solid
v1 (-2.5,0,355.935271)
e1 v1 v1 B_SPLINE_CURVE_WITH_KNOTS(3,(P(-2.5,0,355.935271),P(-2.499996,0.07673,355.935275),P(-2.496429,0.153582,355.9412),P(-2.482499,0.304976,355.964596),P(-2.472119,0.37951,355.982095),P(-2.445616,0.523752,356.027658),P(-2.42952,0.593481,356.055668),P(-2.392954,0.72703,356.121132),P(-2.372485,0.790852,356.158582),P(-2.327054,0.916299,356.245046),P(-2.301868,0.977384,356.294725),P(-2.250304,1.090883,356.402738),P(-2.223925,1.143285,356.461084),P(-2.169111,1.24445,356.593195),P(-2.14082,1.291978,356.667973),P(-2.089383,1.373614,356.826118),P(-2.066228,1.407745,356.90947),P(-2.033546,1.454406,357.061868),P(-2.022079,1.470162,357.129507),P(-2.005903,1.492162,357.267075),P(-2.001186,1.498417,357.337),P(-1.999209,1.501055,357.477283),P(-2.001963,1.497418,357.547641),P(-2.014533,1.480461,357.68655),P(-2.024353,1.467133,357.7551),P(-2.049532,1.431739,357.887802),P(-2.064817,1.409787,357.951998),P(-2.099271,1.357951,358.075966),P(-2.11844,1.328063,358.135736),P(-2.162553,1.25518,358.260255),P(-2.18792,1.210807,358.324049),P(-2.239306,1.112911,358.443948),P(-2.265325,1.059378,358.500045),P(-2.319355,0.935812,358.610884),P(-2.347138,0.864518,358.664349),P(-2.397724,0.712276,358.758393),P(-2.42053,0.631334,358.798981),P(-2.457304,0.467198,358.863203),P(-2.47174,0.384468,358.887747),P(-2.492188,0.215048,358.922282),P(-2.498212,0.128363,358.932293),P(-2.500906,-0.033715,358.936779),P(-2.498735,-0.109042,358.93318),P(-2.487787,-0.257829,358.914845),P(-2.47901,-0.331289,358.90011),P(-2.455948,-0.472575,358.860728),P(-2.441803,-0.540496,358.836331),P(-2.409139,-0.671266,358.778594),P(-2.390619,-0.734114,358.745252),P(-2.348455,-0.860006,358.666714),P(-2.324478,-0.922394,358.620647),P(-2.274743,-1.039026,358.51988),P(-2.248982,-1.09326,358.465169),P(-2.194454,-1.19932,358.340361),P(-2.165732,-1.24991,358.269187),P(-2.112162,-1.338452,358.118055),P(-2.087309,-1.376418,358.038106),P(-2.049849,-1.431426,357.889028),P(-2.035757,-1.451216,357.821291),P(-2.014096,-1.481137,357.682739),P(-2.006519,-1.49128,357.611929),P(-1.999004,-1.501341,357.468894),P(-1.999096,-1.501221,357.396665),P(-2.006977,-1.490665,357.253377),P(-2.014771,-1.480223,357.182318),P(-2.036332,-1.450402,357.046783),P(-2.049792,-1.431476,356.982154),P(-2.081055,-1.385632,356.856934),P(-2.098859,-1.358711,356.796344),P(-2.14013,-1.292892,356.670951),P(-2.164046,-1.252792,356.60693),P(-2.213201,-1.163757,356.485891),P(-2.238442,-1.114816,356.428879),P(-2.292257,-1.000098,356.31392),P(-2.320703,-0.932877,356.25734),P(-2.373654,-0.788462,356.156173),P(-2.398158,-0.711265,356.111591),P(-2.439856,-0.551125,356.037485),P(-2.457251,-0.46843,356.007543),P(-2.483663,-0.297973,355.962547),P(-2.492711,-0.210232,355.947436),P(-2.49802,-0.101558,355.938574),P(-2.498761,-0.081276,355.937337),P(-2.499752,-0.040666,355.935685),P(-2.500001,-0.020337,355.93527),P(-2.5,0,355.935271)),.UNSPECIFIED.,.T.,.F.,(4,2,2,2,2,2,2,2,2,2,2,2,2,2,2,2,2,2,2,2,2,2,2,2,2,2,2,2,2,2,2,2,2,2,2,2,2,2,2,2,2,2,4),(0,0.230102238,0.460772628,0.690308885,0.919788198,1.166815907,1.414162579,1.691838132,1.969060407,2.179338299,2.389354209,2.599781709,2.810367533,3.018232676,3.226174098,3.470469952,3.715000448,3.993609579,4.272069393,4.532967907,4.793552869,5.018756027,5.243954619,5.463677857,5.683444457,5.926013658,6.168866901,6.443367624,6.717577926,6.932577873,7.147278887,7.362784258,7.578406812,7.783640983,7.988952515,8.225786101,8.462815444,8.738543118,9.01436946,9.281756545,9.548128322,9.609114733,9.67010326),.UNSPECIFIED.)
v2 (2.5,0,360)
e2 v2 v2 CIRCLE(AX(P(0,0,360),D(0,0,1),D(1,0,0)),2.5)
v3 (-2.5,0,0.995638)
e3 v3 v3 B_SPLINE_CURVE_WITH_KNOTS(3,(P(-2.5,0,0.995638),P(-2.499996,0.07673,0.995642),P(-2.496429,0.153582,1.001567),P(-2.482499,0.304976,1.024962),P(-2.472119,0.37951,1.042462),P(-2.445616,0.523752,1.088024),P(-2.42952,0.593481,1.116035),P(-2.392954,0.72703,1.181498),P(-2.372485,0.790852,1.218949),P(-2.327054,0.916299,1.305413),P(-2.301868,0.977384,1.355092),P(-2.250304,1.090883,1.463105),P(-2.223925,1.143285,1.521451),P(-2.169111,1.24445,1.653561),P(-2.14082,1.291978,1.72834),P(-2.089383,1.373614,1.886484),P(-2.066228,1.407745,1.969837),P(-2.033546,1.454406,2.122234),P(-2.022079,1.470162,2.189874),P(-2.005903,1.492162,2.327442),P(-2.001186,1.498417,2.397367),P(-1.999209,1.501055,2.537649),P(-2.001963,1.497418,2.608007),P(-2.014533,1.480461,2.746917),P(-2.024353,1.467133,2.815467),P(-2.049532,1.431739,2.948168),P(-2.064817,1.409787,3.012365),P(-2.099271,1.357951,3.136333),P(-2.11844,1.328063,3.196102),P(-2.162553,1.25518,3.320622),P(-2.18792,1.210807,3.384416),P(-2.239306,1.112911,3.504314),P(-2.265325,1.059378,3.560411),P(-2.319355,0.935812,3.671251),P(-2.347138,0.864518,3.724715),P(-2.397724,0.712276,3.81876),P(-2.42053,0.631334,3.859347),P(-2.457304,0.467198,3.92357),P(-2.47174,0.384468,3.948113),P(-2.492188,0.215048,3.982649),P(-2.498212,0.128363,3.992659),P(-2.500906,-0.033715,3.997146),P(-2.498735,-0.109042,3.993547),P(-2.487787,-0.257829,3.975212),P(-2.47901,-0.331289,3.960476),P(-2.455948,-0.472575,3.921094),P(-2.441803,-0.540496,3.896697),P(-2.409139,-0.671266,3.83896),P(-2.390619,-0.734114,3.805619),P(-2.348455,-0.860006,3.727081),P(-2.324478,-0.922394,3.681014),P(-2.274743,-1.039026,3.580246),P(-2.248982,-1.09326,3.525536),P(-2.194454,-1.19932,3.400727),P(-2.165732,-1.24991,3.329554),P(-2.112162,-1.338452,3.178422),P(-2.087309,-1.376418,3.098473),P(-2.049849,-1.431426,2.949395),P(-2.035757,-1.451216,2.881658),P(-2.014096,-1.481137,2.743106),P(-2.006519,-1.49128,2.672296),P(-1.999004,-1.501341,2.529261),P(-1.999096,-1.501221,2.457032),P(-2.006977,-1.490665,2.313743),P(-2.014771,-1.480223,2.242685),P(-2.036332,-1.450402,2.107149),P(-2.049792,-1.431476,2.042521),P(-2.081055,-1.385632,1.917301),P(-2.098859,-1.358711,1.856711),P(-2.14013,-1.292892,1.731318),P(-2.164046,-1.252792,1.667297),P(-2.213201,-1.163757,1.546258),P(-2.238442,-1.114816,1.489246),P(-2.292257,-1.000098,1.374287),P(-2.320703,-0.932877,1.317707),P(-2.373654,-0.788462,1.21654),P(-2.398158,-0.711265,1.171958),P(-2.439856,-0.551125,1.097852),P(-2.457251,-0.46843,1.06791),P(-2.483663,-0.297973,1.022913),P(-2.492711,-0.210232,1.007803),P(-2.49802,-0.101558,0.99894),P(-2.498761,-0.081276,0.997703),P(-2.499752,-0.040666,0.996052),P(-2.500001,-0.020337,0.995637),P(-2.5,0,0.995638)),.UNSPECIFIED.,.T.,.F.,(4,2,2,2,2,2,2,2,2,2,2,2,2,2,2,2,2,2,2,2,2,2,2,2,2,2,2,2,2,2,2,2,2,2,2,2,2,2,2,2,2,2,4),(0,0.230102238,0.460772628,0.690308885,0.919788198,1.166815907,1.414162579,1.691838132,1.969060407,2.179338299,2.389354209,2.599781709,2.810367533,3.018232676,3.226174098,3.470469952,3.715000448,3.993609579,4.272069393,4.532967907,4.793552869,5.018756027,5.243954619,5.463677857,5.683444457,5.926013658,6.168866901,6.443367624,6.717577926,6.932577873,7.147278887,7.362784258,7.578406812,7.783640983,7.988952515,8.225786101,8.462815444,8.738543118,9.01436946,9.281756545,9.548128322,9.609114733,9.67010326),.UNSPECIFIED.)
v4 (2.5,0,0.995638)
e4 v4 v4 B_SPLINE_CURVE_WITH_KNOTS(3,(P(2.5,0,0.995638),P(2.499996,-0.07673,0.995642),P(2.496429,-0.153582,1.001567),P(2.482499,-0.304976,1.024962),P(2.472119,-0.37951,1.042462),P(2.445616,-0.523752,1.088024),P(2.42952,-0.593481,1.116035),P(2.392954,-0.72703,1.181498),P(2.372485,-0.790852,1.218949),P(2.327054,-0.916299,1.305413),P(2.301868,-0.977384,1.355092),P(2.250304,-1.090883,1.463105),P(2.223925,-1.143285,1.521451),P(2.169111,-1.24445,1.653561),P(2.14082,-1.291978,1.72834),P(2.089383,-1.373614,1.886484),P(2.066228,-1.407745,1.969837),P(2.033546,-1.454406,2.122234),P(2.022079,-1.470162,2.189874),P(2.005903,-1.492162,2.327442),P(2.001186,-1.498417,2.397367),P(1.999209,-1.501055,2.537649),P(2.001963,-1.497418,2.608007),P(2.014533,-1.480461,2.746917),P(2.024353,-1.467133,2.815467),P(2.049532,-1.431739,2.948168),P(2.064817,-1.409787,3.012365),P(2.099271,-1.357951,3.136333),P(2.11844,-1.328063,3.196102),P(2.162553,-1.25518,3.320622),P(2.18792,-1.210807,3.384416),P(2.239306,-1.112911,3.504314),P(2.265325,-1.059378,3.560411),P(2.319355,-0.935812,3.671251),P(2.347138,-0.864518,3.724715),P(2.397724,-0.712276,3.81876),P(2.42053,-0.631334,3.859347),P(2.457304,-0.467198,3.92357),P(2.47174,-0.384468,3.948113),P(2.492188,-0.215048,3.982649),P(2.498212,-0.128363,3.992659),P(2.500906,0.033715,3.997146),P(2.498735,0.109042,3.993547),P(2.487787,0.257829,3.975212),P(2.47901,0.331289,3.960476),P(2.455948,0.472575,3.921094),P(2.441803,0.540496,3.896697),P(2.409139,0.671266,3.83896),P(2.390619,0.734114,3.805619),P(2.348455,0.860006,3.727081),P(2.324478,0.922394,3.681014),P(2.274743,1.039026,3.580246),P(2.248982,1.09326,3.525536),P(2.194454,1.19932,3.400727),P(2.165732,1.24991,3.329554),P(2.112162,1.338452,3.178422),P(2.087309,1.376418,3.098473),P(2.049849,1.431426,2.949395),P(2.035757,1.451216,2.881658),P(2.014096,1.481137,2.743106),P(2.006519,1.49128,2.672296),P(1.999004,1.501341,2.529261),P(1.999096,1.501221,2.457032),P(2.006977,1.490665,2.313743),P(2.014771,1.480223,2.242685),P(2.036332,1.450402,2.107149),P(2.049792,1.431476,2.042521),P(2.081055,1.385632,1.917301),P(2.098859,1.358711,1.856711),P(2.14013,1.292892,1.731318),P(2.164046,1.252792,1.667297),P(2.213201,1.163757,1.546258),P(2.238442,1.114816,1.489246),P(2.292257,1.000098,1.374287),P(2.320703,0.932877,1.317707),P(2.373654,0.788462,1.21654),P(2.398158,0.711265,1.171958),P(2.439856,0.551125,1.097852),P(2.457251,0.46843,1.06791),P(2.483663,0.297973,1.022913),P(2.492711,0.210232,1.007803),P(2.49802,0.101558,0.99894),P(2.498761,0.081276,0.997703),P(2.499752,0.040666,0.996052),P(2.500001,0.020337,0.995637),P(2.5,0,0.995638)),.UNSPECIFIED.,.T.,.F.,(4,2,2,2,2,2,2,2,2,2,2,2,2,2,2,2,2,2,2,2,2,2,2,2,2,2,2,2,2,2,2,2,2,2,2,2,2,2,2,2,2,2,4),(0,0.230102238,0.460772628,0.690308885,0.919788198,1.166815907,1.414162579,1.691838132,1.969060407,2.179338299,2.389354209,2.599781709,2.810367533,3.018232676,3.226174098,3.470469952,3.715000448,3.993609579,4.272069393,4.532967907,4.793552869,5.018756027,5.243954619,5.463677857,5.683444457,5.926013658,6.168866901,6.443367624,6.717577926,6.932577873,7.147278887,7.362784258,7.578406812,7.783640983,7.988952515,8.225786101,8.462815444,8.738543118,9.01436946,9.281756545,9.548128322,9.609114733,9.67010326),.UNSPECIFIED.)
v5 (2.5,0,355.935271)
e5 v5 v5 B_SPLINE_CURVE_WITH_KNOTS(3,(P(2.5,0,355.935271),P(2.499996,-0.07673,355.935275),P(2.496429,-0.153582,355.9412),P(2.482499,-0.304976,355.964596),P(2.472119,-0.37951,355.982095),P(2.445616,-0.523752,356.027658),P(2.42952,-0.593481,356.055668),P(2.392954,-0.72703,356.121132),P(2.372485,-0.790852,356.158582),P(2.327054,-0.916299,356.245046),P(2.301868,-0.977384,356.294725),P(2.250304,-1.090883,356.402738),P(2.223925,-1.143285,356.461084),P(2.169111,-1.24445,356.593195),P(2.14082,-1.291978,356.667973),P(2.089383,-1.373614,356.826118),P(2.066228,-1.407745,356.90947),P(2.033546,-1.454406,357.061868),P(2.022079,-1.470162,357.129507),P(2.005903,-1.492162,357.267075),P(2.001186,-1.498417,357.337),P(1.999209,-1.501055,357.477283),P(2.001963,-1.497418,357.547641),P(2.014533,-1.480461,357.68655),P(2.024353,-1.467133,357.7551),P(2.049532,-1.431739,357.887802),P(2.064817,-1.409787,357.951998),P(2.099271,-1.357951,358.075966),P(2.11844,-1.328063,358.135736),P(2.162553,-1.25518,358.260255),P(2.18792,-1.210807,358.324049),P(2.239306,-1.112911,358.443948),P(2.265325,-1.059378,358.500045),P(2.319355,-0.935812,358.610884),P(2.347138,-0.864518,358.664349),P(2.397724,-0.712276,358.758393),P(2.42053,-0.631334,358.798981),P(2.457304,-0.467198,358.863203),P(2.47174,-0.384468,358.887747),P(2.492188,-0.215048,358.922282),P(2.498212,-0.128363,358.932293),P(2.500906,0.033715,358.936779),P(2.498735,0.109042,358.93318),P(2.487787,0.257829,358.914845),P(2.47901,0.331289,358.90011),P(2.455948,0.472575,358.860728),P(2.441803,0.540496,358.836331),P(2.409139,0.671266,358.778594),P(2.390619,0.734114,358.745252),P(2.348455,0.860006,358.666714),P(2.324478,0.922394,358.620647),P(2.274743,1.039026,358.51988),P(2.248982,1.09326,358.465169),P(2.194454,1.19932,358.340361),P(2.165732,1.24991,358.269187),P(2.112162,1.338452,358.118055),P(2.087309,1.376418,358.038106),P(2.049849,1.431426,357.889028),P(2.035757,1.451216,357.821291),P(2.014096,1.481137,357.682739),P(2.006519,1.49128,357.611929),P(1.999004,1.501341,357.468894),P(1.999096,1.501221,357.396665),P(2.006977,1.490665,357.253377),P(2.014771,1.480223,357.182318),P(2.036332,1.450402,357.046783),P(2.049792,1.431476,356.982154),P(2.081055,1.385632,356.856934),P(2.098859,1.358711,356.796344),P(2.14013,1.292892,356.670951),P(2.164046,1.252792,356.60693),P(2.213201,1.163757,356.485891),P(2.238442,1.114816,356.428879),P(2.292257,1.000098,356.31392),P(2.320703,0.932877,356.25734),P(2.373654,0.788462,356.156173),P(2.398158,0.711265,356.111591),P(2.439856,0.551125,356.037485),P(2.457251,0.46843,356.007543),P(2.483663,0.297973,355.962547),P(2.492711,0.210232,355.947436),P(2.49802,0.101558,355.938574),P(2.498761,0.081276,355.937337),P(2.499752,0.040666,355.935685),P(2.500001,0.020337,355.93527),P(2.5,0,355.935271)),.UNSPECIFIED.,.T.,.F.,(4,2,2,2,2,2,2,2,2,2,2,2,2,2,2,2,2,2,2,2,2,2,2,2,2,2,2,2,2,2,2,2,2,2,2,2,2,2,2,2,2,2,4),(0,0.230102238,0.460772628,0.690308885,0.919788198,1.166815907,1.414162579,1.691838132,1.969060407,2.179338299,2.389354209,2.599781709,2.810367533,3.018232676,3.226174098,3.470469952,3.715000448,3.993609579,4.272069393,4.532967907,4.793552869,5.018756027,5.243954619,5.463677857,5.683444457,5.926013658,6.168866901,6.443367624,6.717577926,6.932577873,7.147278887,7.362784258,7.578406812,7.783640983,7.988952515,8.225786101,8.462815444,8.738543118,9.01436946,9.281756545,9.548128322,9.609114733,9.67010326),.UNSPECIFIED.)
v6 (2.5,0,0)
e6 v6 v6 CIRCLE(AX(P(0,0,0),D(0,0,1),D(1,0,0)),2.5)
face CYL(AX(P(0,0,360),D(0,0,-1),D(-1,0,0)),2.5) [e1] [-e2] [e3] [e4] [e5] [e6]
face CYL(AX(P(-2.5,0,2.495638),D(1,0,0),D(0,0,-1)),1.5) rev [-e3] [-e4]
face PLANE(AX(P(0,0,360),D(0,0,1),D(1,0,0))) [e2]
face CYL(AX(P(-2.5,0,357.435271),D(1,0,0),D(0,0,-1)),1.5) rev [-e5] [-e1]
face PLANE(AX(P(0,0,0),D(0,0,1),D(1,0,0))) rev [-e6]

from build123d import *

# Parameters (mm, degrees)
SKETCH2_R               = 2.5
BOSS_EXTRUDE1_DEPTH     = 360
SKETCH3_R               = 1.5
CUT_EXTRUDE1_DEPTH      = 3.5
CUT_EXTRUDE1_DEPTH_BACK = 3.5


with BuildPart() as part:
    # Sketch2 → Boss-Extrude1 (new body)
    with BuildSketch(Plane.XY):
        Circle(SKETCH2_R)
    extrude(amount=BOSS_EXTRUDE1_DEPTH)

    # Sketch3 → Cut-Extrude1 (cut, two sides)
    with BuildSketch(Plane(origin=(0, 0, 0), x_dir=(0, 0, -1), z_dir=(1, 0, 0))) as cut_extrude1_sk:
        with Locations((-357.435271275, 0)):
            Circle(SKETCH3_R)
        with Locations((-2.49563784, 0)):
            Circle(SKETCH3_R)
    extrude(amount=CUT_EXTRUDE1_DEPTH, mode=Mode.SUBTRACT)
    extrude(cut_extrude1_sk.sketch, amount=-CUT_EXTRUDE1_DEPTH_BACK, mode=Mode.SUBTRACT)


solid = part.part
